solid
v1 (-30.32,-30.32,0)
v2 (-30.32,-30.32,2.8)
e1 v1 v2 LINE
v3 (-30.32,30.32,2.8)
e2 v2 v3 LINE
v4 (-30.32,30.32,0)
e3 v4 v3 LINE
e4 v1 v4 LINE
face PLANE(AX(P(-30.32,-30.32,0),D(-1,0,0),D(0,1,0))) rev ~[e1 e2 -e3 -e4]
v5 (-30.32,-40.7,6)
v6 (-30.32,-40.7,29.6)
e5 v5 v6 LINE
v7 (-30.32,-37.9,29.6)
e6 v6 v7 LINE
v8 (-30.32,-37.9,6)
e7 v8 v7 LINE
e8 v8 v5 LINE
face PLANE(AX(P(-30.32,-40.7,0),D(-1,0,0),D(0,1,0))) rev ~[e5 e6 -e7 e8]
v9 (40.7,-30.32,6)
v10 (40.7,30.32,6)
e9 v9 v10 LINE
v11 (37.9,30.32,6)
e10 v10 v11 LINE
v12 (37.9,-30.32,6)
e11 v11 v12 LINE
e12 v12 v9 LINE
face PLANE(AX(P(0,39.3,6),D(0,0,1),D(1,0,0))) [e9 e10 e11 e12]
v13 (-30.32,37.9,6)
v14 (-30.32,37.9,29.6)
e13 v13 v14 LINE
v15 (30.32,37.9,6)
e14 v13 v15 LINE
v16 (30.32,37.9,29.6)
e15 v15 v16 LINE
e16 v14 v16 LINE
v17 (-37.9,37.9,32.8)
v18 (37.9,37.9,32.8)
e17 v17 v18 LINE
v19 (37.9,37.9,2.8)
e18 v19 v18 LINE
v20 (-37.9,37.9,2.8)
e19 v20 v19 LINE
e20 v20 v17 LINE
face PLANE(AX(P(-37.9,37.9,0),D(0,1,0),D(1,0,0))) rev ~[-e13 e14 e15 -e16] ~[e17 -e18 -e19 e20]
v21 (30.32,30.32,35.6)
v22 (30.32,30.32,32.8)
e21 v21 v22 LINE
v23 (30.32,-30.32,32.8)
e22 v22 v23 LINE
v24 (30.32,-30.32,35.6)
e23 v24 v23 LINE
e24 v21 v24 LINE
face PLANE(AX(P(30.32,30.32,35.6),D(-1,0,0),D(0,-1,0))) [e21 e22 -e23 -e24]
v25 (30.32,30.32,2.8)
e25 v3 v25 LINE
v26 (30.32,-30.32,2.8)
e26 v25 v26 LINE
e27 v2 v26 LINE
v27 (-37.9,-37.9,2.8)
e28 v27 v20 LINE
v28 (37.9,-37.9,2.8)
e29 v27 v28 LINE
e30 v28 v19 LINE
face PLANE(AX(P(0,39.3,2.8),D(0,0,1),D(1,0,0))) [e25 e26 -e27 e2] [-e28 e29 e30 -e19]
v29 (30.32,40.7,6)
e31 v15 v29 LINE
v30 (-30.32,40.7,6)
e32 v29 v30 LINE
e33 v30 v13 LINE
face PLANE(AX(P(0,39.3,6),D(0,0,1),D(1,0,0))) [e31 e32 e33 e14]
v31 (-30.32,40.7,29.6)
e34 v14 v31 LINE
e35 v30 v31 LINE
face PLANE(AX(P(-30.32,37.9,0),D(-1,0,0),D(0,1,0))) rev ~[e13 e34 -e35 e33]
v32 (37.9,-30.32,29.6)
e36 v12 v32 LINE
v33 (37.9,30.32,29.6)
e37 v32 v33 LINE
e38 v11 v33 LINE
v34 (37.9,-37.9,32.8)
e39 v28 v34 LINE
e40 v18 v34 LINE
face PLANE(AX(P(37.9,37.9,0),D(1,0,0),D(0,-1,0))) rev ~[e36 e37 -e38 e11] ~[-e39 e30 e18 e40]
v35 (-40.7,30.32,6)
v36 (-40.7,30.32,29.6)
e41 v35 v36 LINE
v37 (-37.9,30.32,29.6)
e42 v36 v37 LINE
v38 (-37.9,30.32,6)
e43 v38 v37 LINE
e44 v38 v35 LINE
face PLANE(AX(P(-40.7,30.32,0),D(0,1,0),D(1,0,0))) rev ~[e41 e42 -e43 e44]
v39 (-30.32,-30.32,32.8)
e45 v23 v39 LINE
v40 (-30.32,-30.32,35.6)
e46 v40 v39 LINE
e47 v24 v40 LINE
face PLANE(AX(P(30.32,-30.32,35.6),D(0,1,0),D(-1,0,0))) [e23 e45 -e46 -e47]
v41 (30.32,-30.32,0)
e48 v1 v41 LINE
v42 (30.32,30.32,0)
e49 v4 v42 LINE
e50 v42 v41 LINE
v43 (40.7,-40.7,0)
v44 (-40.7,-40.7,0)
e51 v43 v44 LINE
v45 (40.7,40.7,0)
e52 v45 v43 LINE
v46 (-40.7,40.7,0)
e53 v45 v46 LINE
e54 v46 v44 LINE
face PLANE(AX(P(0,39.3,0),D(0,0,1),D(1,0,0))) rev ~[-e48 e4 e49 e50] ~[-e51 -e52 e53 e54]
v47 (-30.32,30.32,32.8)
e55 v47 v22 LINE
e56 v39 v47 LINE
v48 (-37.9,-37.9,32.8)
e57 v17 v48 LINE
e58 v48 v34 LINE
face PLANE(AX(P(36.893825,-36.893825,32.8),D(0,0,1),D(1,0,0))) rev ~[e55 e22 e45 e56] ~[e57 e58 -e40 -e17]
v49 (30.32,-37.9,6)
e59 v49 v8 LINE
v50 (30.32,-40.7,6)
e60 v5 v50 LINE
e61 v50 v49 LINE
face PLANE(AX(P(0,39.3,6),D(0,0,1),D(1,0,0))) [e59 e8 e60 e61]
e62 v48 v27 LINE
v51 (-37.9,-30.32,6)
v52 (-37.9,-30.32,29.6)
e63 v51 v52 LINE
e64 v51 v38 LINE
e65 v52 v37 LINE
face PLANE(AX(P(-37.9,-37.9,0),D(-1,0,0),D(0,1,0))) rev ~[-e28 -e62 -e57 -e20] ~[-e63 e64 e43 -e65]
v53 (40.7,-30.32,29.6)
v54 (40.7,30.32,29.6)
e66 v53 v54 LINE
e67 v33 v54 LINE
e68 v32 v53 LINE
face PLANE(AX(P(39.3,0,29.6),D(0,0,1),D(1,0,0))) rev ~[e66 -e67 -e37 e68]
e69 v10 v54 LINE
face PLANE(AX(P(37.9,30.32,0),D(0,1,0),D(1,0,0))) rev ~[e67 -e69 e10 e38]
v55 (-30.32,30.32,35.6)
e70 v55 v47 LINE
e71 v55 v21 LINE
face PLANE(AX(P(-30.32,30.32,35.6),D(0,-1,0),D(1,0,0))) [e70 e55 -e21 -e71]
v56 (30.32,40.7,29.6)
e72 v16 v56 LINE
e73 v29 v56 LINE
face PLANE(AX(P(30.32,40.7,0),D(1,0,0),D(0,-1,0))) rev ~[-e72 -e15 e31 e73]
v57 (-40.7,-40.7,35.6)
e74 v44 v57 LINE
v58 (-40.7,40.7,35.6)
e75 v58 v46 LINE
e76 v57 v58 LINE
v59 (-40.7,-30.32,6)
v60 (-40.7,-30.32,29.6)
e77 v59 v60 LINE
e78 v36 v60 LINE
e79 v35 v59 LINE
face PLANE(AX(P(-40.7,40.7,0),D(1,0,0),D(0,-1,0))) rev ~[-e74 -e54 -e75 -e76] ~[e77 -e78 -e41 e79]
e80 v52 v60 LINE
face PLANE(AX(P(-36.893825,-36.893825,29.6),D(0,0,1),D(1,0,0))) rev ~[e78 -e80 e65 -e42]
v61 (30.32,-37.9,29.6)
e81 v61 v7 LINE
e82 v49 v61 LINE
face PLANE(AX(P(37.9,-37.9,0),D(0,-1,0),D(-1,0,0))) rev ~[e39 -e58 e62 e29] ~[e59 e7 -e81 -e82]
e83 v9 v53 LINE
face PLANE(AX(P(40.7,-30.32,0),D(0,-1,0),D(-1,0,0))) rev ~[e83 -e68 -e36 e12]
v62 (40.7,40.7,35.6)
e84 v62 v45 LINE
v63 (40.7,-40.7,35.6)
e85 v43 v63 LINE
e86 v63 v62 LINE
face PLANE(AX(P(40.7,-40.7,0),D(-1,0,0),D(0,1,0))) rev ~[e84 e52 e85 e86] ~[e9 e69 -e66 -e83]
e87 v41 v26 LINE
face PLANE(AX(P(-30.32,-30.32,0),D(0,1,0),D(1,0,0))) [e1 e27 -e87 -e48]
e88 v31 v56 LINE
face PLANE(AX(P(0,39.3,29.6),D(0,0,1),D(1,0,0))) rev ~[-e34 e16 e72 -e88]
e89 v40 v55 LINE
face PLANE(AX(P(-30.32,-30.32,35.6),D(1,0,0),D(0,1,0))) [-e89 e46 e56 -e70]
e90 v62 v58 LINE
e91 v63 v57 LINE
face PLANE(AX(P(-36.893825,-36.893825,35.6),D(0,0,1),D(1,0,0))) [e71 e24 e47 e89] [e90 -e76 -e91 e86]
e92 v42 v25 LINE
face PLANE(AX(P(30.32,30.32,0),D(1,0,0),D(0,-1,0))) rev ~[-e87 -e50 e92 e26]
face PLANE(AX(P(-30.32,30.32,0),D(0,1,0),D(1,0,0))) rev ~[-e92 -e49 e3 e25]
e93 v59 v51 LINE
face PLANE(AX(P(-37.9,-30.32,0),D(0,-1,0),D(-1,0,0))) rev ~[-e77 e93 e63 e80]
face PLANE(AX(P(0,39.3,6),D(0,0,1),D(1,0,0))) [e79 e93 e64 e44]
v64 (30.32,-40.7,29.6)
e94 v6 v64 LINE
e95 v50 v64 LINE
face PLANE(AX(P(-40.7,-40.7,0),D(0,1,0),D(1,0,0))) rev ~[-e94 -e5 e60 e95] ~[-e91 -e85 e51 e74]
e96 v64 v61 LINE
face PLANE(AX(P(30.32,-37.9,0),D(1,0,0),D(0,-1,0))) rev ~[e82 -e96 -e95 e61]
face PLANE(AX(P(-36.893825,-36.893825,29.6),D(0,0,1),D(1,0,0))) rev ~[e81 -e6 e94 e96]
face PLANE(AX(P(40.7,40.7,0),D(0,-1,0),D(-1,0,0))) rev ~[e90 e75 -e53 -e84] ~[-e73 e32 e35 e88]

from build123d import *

# Parameters (mm, degrees)
F2_W     = 60.64
F2_H     = 2.8
F2_W_2   = 2.8
F2_H_2   = 60.64
F2_W_3   = 7.58
F2_H_3   = 7.58
F3_DEPTH = 2.8
F4_DEPTH = 6
F5_DEPTH = 35.6
F7_W     = 60.64
F7_H     = 2.8
F7_W_2   = 2.8
F7_H_2   = 60.64
F7_H_3   = 7.58
F7_W_3   = 7.58
F8_DEPTH = 2.8
F9_DEPTH = 6


with BuildPart() as f3:
    # F2 (on Top) → F3 (new body)
    with BuildSketch(Plane.XY):
        with Locations((0, 39.3)):
            Rectangle(F2_W, F2_H)
        Polygon((-40.7, 30.32), (-37.9, 30.32), (-37.9, 37.9), (-30.32, 37.9), (-30.32, 40.7), (-40.7, 40.7), align=None)
        Polygon((37.9, 37.9), (37.9, 30.32), (40.7, 30.32), (40.7, 40.7), (30.32, 40.7), (30.32, 37.9), align=None)
        with Locations((39.3, 0)):
            Rectangle(F2_W_2, F2_H_2)
        Polygon((37.9, -30.32), (37.9, -37.9), (30.32, -37.9), (30.32, -40.7), (40.7, -40.7), (40.7, -30.32), align=None)
        with Locations((0, -39.3)):
            Rectangle(F2_W, F2_H)
        Polygon((-30.32, -40.7), (-30.32, -37.9), (-37.9, -37.9), (-37.9, -30.32), (-40.7, -30.32), (-40.7, -40.7), align=None)
        with Locations((-39.3, 0)):
            Rectangle(F2_W_2, F2_H_2)
        with Locations((34.11, -34.11)):
            Rectangle(F2_W_3, F2_H_3)
        with Locations((34.11, 34.11)):
            Rectangle(F2_W_3, F2_H_3)
        with Locations((-34.11, 34.11)):
            Rectangle(F2_W_3, F2_H_3)
        with Locations((-34.11, 0)):
            Rectangle(F2_W_3, F2_H_2)
        with Locations((34.11, 0)):
            Rectangle(F2_W_3, F2_H_2)
        with Locations((-34.11, -34.11)):
            Rectangle(F2_W_3, F2_H_3)
        with Locations((0, -34.11)):
            Rectangle(F2_W, F2_H_3)
        with Locations((0, 34.11)):
            Rectangle(F2_W, F2_H_3)
    extrude(amount=F3_DEPTH)

    # F2 (on Top) → F4 (join)
    with BuildSketch(Plane.XY):
        with Locations((0, 39.3)):
            Rectangle(F2_W, F2_H)
        Polygon((-40.7, 30.32), (-37.9, 30.32), (-37.9, 37.9), (-30.32, 37.9), (-30.32, 40.7), (-40.7, 40.7), align=None)
        with Locations((-39.3, 0)):
            Rectangle(F2_W_2, F2_H_2)
        Polygon((-30.32, -40.7), (-30.32, -37.9), (-37.9, -37.9), (-37.9, -30.32), (-40.7, -30.32), (-40.7, -40.7), align=None)
        with Locations((0, -39.3)):
            Rectangle(F2_W, F2_H)
        Polygon((37.9, -30.32), (37.9, -37.9), (30.32, -37.9), (30.32, -40.7), (40.7, -40.7), (40.7, -30.32), align=None)
        with Locations((39.3, 0)):
            Rectangle(F2_W_2, F2_H_2)
        Polygon((37.9, 37.9), (37.9, 30.32), (40.7, 30.32), (40.7, 40.7), (30.32, 40.7), (30.32, 37.9), align=None)
    extrude(amount=F4_DEPTH)

    # F2 (on Top) → F5 (join)
    with BuildSketch(Plane.XY):
        Polygon((-40.7, 30.32), (-37.9, 30.32), (-37.9, 37.9), (-30.32, 37.9), (-30.32, 40.7), (-40.7, 40.7), align=None)
        Polygon((37.9, 37.9), (37.9, 30.32), (40.7, 30.32), (40.7, 40.7), (30.32, 40.7), (30.32, 37.9), align=None)
        Polygon((37.9, -30.32), (37.9, -37.9), (30.32, -37.9), (30.32, -40.7), (40.7, -40.7), (40.7, -30.32), align=None)
        Polygon((-30.32, -40.7), (-30.32, -37.9), (-37.9, -37.9), (-37.9, -30.32), (-40.7, -30.32), (-40.7, -40.7), align=None)
    extrude(amount=F5_DEPTH)

    # F7 (on offset) → F8 (join)
    with BuildSketch(Plane.XY.offset(35.6)):
        Polygon((37.9, -30.32), (37.9, -37.9), (30.32, -37.9), (30.32, -40.7), (40.7, -40.7), (40.7, -30.32), align=None)
        with Locations((0, -39.3)):
            Rectangle(F7_W, F7_H)
        with Locations((39.3, 0)):
            Rectangle(F7_W_2, F7_H_2)
        Polygon((-30.32, -40.7), (-30.32, -37.9), (-37.9, -37.9), (-37.9, -30.32), (-40.7, -30.32), (-40.7, -40.7), align=None)
        Polygon((37.9, 37.9), (37.9, 30.32), (40.7, 30.32), (40.7, 40.7), (30.32, 40.7), (30.32, 37.9), align=None)
        with Locations((-39.3, 0)):
            Rectangle(F7_W_2, F7_H_2)
        with Locations((0, 39.3)):
            Rectangle(F7_W, F7_H)
        Polygon((-40.7, 30.32), (-37.9, 30.32), (-37.9, 37.9), (-30.32, 37.9), (-30.32, 40.7), (-40.7, 40.7), align=None)
        with Locations((0, 34.11)):
            Rectangle(F7_W, F7_H_3)
        with Locations((34.11, 34.11)):
            Rectangle(F7_W_3, F7_H_3)
        with Locations((34.11, 0)):
            Rectangle(F7_W_3, F7_H_2)
        with Locations((34.11, -34.11)):
            Rectangle(F7_W_3, F7_H_3)
        with Locations((0, -34.11)):
            Rectangle(F7_W, F7_H_3)
        with Locations((-34.11, -34.11)):
            Rectangle(F7_W_3, F7_H_3)
        with Locations((-34.11, 0)):
            Rectangle(F7_W_3, F7_H_2)
        with Locations((-34.11, 34.11)):
            Rectangle(F7_W_3, F7_H_3)
    extrude(amount=-F8_DEPTH)

    # F7 (on offset) → F9 (join)
    with BuildSketch(Plane.XY.offset(35.6)):
        Polygon((-30.32, -40.7), (-30.32, -37.9), (-37.9, -37.9), (-37.9, -30.32), (-40.7, -30.32), (-40.7, -40.7), align=None)
        with Locations((-39.3, 0)):
            Rectangle(F7_W_2, F7_H_2)
        with Locations((0, -39.3)):
            Rectangle(F7_W, F7_H)
        with Locations((39.3, 0)):
            Rectangle(F7_W_2, F7_H_2)
        with Locations((0, 39.3)):
            Rectangle(F7_W, F7_H)
    extrude(amount=-F9_DEPTH)


solid = f3.part
